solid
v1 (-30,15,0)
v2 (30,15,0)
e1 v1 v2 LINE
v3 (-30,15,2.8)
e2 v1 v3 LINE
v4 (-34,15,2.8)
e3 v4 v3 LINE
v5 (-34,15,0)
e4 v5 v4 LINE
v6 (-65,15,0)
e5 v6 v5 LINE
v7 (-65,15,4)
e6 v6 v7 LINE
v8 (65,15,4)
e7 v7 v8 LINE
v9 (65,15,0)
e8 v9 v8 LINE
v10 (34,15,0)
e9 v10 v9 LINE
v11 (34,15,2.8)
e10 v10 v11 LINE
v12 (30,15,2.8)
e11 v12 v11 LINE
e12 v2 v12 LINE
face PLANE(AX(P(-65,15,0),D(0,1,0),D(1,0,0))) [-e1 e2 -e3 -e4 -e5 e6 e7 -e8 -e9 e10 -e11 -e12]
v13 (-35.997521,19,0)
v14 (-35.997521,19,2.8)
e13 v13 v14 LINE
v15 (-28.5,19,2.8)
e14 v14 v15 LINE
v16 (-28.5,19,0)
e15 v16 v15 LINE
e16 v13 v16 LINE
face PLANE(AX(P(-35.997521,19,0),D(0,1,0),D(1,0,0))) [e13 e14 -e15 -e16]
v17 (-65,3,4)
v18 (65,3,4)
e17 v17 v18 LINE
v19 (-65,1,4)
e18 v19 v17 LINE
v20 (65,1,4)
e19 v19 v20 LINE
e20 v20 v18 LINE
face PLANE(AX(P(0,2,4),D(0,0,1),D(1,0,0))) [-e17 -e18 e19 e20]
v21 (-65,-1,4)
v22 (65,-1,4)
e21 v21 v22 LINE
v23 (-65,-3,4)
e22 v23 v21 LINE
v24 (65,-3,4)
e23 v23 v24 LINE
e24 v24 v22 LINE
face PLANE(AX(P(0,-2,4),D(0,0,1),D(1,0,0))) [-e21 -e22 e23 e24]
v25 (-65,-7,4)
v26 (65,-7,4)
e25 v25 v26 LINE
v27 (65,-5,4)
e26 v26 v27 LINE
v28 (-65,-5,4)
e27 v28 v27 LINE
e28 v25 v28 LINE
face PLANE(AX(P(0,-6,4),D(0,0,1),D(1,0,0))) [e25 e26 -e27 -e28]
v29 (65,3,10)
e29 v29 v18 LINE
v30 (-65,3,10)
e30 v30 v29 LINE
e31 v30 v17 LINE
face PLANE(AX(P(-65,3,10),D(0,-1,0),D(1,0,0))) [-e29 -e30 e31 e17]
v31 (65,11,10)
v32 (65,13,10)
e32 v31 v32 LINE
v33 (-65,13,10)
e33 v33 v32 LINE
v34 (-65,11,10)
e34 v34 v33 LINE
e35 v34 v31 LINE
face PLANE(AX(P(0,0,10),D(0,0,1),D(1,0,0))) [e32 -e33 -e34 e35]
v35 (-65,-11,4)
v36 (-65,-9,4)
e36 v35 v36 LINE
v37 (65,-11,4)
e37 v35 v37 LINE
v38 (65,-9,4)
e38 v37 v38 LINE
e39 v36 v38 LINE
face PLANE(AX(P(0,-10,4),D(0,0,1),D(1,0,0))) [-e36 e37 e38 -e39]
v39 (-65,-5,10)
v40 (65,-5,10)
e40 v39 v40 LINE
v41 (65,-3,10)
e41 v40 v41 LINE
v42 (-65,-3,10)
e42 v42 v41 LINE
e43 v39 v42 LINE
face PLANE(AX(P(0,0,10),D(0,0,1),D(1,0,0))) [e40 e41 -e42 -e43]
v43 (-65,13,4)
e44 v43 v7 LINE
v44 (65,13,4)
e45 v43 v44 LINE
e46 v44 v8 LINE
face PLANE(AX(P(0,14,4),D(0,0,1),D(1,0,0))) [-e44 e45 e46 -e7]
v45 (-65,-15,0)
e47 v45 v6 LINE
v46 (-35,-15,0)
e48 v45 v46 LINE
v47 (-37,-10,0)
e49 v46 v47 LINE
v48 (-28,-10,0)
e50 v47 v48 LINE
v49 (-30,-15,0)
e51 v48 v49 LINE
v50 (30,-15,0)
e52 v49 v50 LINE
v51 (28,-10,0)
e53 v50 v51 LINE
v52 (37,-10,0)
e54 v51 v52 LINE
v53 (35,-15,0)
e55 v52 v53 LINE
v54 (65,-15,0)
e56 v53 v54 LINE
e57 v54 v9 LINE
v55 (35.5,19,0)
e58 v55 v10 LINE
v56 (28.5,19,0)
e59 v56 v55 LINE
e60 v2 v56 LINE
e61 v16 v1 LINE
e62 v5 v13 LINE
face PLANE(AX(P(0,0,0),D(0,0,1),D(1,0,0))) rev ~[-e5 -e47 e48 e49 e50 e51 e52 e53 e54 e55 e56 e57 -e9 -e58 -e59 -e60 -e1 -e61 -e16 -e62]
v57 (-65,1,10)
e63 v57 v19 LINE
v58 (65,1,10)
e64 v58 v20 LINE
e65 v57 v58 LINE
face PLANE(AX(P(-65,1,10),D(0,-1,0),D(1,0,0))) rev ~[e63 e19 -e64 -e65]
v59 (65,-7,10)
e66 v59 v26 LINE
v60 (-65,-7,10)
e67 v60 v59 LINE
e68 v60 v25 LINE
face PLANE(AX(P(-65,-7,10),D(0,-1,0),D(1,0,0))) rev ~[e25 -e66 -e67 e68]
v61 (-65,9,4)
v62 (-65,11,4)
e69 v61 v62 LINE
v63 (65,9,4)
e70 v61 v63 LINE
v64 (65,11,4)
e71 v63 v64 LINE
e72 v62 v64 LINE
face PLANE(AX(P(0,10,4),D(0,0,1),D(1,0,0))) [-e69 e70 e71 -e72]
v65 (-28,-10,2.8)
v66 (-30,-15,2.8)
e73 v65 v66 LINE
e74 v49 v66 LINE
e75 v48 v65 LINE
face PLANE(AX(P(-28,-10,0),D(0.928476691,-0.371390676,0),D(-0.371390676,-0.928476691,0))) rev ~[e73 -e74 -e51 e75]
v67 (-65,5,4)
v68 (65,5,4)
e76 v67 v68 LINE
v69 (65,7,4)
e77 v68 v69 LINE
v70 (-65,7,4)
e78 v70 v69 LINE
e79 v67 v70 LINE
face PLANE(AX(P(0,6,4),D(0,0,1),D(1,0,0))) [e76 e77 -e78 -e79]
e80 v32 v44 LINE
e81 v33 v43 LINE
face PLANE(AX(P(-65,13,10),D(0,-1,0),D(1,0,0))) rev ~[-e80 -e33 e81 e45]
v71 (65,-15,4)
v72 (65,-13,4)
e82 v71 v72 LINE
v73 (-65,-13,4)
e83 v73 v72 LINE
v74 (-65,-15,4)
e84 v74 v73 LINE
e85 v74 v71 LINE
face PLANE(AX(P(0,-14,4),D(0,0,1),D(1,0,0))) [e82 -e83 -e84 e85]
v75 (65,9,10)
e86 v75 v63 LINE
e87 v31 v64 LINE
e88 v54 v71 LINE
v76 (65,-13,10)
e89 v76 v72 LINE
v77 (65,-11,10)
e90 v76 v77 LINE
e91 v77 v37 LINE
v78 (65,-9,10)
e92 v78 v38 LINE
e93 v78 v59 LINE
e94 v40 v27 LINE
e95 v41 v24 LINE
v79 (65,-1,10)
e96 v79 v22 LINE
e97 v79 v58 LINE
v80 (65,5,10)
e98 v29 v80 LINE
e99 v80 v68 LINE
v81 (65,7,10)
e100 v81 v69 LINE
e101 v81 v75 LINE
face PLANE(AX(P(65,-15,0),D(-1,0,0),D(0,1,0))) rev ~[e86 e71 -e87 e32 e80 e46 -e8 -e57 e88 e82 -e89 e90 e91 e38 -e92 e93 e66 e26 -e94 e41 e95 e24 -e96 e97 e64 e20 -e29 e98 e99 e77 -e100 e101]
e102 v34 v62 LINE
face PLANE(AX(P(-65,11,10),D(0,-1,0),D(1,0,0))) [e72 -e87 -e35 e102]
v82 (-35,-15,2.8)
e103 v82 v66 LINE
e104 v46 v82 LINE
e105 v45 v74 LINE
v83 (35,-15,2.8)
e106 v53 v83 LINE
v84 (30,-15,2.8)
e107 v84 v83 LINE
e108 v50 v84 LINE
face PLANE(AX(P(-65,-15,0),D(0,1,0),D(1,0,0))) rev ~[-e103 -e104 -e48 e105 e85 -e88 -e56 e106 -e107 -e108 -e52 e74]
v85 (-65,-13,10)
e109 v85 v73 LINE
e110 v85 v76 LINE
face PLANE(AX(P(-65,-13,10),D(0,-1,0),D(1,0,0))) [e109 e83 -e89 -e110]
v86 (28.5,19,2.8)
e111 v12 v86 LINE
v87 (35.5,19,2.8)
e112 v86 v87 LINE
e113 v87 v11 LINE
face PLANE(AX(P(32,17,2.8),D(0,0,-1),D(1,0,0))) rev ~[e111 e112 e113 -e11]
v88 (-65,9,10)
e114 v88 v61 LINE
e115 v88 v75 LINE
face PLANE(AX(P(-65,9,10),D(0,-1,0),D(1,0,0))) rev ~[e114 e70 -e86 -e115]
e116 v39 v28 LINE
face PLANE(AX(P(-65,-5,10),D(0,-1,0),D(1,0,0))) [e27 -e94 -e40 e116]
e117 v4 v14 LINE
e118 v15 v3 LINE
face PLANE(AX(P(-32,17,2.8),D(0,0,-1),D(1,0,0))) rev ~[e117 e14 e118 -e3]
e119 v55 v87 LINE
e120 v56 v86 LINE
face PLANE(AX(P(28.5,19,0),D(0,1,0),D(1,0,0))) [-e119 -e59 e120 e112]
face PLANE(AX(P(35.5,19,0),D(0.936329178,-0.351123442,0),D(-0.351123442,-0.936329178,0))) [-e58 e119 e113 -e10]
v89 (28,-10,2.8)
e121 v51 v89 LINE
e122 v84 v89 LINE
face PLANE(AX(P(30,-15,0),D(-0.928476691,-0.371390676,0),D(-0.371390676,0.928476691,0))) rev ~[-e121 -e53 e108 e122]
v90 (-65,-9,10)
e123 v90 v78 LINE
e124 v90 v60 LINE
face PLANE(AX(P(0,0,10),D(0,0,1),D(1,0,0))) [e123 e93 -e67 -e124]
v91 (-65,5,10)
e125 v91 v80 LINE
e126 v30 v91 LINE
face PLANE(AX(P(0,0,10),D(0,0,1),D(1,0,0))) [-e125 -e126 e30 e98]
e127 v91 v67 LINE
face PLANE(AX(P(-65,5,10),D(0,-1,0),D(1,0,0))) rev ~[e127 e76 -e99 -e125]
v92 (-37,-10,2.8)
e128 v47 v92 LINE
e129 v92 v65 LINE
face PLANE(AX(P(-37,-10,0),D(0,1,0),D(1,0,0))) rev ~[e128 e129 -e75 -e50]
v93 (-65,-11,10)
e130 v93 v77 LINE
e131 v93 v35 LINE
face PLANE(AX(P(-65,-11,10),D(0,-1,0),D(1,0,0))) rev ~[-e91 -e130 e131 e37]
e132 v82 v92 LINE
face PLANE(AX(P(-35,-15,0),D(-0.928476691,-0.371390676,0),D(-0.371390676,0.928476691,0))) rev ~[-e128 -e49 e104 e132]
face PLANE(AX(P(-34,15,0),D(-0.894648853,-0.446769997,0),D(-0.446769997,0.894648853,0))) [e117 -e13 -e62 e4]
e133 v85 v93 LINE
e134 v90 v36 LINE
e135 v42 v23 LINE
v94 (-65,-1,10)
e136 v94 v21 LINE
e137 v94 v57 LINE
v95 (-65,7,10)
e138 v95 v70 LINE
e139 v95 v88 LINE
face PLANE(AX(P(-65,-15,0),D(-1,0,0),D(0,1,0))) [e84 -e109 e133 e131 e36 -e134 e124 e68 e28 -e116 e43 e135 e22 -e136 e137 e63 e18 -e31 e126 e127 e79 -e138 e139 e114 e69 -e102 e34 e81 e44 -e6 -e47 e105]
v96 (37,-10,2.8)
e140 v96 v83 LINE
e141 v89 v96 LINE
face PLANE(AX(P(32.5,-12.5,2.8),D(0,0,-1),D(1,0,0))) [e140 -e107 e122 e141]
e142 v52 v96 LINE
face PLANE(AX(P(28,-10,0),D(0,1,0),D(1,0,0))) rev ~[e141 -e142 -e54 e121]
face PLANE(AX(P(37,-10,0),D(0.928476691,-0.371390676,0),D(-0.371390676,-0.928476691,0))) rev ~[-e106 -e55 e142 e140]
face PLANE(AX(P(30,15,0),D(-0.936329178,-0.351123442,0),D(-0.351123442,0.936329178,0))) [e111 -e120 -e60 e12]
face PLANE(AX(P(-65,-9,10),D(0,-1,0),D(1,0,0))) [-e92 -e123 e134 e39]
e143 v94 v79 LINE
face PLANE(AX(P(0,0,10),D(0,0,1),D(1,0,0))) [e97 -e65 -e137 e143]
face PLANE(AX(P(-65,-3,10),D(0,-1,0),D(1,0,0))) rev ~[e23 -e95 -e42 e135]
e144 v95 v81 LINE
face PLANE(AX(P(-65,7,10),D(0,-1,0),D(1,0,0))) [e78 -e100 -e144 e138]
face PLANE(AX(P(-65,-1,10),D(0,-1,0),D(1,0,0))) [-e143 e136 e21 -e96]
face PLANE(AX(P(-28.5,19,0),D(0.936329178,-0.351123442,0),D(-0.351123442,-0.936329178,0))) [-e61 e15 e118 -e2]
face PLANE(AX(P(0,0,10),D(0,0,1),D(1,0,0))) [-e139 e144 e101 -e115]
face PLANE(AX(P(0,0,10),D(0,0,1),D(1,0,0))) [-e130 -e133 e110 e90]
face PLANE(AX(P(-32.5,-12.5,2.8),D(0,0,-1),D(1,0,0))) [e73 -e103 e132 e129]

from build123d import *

# Parameters (mm, degrees)
F0_W     = 130
F0_H     = 30
F1_DEPTH = 10
F2_W     = 130
F2_H     = 2
F3_DEPTH = 6
F4_W     = 5
F4_H     = 5
F5_DEPTH = 2.8
F4_W_2   = 4
F4_H_2   = 4
F6_DEPTH = 2.8


with BuildPart() as f1:
    # F0 (on Top) → F1 (new body)
    with BuildSketch(Plane.XY):
        Rectangle(F0_W, F0_H)
    extrude(amount=F1_DEPTH)

    # F2 (on face) → F3 (cut)
    with BuildSketch(Plane.XY.offset(10)):
        with Locations((0, -14)):
            Rectangle(F2_W, F2_H)
        with Locations((0, -10)):
            Rectangle(F2_W, F2_H)
        with Locations((0, -6)):
            Rectangle(F2_W, F2_H)
        with Locations((0, -2)):
            Rectangle(F2_W, F2_H)
        with Locations((0, 2)):
            Rectangle(F2_W, F2_H)
        with Locations((0, 6)):
            Rectangle(F2_W, F2_H)
        with Locations((0, 10)):
            Rectangle(F2_W, F2_H)
        with Locations((0, 14)):
            Rectangle(F2_W, F2_H)
    extrude(amount=-F3_DEPTH, mode=Mode.SUBTRACT)

    # F4 (on face) → F5 (cut)
    with BuildSketch(Plane(origin=(0, 0, 0), x_dir=(1, 0, 0), z_dir=(0, 0, -1))):
        with Locations((-32.5, 12.5)):
            Rectangle(F4_W, F4_H)
        Polygon((-28, 10), (-30, 15), (-30, 10), align=None)
        Polygon((-35, 10), (-35, 15), (-37, 10), align=None)
        with Locations((32.5, 12.5)):
            Rectangle(F4_W, F4_H)
        Polygon((30, 10), (30, 15), (28, 10), align=None)
        Polygon((37, 10), (35, 15), (35, 10), align=None)
    extrude(amount=-F5_DEPTH, mode=Mode.SUBTRACT)

    # F4 (on face) → F6 (join)
    with BuildSketch(Plane(origin=(0, 0, 0), x_dir=(1, 0, 0), z_dir=(0, 0, -1))):
        with Locations((32, -17)):
            Rectangle(F4_W_2, F4_H_2)
        Polygon((35.5, -19), (34, -15), (34, -19), align=None)
        Polygon((30, -19), (30, -15), (28.5, -19), align=None)
        with Locations((-32, -17)):
            Rectangle(F4_W_2, F4_H_2)
        Polygon((-28.5, -19), (-30, -15), (-30, -19), align=None)
        Polygon((-34, -19), (-34, -15), (-35.9975211322, -19), align=None)
    extrude(amount=-F6_DEPTH)


solid = f1.part
